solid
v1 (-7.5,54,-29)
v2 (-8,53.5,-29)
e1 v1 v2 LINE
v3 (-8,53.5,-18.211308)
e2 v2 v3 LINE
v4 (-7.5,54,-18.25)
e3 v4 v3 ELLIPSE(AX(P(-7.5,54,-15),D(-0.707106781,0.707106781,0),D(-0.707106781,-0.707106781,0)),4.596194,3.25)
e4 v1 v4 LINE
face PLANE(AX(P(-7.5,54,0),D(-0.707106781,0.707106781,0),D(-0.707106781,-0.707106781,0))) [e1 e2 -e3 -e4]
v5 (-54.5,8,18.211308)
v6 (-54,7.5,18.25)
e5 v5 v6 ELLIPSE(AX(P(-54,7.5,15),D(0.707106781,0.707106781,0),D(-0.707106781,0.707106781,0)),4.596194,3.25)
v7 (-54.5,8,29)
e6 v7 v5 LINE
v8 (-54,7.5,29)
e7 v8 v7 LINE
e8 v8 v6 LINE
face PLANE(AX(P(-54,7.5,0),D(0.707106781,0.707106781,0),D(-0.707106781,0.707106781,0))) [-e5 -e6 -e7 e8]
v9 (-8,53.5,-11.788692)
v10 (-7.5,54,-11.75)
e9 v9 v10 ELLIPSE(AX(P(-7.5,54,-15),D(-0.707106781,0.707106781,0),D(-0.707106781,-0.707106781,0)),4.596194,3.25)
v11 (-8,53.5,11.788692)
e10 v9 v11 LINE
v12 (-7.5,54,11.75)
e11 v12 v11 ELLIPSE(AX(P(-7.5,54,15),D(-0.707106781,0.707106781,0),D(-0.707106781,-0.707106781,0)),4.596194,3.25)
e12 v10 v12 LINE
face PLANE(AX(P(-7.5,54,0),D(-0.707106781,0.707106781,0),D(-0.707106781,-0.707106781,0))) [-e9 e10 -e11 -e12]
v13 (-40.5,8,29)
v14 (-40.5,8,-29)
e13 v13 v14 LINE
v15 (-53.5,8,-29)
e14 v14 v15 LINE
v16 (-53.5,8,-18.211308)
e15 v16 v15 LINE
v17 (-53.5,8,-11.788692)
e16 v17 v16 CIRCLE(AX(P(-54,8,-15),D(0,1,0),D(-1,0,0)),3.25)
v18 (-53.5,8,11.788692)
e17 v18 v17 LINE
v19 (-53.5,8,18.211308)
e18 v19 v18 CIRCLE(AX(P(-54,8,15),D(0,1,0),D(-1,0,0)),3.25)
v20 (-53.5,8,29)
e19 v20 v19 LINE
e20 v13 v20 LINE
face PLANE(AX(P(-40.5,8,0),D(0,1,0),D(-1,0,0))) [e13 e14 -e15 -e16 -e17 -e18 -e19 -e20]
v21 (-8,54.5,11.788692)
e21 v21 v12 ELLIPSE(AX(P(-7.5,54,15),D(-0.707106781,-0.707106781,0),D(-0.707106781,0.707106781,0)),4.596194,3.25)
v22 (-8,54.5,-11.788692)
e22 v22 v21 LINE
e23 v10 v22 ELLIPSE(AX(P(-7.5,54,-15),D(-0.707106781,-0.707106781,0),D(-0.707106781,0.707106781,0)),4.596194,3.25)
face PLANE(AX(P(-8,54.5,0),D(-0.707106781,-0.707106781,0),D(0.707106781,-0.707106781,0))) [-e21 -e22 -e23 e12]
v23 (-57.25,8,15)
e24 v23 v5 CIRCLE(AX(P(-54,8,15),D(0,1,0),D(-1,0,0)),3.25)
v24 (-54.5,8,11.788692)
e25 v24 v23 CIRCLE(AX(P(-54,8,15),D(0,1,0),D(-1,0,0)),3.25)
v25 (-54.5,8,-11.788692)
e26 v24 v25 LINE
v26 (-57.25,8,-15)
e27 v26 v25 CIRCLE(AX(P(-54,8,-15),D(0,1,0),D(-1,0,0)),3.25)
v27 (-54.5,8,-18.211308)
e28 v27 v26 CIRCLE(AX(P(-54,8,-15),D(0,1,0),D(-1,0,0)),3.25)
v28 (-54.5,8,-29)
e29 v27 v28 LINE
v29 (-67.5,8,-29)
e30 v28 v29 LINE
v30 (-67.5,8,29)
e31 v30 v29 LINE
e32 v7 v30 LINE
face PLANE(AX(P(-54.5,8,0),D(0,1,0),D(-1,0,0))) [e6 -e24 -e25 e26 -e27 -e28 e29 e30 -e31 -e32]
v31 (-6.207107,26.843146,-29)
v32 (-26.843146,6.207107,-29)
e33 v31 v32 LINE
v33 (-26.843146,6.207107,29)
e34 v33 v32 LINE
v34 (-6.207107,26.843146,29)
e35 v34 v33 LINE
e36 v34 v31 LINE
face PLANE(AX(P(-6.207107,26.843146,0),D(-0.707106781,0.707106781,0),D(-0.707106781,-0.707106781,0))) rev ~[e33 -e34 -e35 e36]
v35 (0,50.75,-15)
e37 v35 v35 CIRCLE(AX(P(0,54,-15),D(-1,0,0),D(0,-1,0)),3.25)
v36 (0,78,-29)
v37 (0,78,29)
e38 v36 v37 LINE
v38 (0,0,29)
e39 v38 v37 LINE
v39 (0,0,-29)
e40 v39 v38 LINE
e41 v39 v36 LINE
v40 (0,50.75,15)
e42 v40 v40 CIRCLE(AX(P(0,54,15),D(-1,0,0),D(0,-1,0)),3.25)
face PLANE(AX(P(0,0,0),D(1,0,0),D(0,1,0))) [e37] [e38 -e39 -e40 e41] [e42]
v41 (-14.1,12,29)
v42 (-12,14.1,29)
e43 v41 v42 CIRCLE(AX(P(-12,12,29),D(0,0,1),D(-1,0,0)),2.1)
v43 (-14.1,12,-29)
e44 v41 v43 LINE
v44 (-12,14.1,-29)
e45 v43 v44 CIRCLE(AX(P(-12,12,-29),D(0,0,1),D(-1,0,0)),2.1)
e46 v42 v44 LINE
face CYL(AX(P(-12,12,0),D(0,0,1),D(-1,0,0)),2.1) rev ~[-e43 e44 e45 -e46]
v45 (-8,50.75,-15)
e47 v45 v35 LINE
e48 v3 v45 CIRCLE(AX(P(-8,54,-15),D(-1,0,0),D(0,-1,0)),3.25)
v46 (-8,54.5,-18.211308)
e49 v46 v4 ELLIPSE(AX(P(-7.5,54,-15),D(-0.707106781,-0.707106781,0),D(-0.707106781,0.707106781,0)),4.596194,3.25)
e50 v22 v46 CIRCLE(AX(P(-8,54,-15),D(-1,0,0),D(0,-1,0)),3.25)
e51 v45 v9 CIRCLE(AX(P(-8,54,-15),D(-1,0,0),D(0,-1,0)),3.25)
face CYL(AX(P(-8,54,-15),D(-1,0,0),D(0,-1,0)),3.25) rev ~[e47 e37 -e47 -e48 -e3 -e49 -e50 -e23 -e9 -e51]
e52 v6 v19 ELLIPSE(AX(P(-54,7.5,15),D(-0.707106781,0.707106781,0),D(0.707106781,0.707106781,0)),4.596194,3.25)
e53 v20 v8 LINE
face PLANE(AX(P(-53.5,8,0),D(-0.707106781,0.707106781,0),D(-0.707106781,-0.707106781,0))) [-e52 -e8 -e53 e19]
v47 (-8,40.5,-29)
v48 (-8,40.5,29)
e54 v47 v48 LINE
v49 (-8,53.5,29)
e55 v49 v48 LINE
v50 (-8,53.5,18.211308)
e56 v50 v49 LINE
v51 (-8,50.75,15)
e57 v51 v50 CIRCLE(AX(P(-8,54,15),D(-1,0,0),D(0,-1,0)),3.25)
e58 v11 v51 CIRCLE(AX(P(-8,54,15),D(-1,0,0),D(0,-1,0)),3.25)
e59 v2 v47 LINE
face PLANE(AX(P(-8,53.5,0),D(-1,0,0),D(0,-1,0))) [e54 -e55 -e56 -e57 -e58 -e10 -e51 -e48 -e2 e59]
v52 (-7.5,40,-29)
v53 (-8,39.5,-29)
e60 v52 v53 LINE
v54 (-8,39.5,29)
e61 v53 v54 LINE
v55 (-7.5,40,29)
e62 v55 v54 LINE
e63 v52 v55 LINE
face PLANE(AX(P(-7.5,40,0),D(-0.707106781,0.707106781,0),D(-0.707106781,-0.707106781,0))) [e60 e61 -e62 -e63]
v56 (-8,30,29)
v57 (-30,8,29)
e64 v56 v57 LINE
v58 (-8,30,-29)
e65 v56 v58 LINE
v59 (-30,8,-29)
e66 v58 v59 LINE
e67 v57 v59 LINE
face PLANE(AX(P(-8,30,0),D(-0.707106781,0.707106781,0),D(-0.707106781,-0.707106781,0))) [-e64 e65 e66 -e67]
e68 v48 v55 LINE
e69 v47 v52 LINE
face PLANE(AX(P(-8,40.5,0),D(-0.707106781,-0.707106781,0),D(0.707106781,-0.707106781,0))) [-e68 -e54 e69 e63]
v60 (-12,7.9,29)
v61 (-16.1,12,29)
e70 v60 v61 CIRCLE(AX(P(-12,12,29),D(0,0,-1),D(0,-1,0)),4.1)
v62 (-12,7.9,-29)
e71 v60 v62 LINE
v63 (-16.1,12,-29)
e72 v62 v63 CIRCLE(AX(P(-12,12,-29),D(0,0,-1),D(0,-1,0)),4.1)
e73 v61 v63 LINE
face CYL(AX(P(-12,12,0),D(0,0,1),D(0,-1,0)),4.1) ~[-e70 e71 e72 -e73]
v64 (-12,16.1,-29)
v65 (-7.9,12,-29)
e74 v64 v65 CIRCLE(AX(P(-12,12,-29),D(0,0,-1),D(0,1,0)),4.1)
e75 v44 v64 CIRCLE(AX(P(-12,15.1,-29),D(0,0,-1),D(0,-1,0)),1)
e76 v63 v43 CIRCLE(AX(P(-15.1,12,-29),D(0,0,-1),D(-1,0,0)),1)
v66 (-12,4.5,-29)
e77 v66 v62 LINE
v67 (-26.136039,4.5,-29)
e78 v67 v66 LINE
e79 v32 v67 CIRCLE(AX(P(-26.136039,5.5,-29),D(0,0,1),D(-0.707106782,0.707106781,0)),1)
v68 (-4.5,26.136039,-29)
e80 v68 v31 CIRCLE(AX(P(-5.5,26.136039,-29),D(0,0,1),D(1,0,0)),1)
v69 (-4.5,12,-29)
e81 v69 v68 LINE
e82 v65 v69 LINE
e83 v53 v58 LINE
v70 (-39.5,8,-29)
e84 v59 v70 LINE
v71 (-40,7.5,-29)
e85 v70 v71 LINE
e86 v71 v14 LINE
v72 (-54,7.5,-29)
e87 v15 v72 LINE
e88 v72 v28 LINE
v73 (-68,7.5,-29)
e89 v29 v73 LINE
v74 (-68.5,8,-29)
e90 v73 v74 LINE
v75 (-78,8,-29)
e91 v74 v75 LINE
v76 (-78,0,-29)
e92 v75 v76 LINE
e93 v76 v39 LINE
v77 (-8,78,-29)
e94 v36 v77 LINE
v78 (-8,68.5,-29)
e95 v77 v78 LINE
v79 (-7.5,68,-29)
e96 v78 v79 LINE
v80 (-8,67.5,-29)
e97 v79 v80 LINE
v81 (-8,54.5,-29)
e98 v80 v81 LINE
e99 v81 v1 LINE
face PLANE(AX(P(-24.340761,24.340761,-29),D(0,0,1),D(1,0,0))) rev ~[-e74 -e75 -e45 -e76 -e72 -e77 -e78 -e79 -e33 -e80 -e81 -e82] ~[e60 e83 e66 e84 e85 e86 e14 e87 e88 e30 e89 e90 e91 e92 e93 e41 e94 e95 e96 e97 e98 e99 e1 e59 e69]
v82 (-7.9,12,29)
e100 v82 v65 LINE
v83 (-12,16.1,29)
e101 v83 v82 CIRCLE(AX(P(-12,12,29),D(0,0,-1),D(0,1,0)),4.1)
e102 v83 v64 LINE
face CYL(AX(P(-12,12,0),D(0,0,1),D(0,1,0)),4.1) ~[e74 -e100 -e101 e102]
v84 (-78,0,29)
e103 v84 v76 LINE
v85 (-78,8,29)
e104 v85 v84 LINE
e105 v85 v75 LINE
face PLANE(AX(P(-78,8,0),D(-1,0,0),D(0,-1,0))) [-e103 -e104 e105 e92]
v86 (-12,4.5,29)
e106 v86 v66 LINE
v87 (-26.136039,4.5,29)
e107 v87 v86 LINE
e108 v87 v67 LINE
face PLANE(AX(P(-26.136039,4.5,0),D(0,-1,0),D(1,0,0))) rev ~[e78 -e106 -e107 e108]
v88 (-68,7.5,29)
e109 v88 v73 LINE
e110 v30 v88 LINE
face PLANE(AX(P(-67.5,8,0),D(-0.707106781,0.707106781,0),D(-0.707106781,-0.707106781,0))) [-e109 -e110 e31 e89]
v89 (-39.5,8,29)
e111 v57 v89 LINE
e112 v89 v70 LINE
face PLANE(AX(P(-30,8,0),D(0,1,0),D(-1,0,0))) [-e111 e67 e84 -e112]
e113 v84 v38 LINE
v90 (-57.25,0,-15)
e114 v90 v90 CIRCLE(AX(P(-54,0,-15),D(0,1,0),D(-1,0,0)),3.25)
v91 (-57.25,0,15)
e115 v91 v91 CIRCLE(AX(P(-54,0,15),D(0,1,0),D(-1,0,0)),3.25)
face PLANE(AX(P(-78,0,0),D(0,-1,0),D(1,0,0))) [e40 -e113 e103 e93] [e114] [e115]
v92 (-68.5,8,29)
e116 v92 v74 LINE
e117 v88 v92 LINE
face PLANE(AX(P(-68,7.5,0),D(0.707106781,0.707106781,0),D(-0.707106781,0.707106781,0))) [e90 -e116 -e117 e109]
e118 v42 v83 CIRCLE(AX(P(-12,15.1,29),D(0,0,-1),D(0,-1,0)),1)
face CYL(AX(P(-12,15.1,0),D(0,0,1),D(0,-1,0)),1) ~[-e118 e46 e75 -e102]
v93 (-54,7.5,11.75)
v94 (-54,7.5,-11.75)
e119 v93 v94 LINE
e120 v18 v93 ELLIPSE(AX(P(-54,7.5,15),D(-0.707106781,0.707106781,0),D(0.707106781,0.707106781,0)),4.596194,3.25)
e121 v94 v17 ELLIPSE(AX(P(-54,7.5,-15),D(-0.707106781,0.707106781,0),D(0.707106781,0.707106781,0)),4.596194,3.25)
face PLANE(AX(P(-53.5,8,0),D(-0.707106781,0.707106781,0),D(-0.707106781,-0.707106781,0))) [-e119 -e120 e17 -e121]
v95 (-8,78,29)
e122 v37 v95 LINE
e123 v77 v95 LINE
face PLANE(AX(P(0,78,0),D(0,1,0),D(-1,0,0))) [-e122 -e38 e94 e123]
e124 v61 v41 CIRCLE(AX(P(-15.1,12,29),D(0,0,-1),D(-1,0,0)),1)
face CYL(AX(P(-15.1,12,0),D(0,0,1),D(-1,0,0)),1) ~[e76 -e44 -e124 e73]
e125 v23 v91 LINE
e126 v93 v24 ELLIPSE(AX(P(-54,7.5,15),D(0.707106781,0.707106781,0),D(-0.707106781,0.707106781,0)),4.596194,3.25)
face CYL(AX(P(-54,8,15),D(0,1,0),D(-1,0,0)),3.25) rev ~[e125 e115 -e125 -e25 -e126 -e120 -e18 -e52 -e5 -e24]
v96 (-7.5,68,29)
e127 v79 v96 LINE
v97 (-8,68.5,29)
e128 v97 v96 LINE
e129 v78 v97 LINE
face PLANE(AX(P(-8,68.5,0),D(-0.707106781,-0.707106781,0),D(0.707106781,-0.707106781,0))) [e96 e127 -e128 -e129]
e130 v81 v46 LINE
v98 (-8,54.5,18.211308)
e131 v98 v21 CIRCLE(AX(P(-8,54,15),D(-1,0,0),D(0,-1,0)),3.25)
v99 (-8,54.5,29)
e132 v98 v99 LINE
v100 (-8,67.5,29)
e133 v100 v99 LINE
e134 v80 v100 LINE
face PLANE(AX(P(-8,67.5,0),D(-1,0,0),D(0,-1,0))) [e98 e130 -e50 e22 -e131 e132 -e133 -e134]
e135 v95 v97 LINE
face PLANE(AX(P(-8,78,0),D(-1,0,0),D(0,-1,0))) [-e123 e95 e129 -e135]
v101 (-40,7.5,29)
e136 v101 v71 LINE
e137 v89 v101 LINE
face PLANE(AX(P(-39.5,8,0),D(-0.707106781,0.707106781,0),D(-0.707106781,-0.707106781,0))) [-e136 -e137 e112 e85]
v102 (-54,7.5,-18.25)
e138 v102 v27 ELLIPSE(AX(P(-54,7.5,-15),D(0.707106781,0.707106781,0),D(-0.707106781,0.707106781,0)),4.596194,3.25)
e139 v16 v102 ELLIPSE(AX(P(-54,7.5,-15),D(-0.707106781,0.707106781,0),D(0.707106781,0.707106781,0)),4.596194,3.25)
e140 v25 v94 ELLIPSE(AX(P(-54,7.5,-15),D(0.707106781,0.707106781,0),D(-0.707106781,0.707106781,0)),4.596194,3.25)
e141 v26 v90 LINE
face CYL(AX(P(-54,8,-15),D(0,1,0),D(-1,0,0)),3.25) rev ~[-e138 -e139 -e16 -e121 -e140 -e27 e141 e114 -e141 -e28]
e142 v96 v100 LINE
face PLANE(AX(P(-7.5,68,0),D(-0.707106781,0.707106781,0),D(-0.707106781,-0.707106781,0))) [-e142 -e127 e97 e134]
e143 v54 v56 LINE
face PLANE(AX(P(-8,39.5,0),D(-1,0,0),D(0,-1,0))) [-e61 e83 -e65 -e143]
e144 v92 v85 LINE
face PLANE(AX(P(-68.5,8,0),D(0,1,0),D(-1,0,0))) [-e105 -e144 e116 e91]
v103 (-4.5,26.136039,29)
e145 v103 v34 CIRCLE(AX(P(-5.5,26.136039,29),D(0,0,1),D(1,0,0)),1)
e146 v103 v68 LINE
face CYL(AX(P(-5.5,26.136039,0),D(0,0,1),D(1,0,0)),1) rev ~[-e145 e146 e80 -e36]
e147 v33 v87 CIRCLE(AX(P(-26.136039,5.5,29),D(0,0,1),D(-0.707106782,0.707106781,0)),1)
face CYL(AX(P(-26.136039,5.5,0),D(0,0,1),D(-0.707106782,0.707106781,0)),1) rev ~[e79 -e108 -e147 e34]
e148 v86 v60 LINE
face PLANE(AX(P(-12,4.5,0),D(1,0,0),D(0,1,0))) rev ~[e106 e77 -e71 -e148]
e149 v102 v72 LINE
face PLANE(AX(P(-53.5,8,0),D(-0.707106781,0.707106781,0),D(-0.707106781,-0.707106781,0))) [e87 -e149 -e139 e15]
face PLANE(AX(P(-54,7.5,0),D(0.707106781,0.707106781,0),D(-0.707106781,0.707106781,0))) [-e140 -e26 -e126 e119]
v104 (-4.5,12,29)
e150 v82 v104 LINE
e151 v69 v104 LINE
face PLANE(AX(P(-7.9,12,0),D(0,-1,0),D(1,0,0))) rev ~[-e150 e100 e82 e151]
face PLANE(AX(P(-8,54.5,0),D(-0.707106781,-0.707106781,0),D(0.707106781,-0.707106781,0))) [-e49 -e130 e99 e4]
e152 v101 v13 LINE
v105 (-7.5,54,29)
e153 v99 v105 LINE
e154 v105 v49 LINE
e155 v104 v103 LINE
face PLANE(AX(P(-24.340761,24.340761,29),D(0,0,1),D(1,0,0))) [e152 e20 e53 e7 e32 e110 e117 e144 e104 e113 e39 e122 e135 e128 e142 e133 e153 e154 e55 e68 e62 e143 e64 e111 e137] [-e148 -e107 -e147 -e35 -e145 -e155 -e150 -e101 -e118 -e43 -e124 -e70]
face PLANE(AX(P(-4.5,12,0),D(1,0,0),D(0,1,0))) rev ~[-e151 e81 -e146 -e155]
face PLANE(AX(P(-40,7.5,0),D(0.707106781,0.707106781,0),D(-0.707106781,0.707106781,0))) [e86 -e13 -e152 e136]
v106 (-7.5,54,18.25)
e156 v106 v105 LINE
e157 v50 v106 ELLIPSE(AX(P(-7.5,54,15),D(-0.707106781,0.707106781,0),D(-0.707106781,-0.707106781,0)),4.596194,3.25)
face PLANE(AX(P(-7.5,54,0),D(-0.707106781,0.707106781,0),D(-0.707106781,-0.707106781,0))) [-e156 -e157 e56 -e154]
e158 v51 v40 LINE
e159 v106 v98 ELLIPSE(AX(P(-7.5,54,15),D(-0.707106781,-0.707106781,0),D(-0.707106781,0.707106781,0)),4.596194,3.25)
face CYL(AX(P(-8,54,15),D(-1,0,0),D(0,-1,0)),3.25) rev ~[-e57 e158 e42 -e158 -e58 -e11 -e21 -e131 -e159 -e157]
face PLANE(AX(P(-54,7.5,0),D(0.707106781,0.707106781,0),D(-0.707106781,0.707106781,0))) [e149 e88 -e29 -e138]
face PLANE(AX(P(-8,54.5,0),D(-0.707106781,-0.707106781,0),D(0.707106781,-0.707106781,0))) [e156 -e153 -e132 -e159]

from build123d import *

# Parameters (mm, degrees)
EXTRUDE_1_DEPTH     = 29
SKETCH_2_R          = 3.25
CUT_EXTRUDE_1_DEPTH = 9
SKETCH_3_R          = 3.25
CUT_EXTRUDE_2_DEPTH = 9


with BuildPart() as part:
    # Эскиз1 → Бобышка-Вытянуть1 (new body, symmetric)
    with BuildSketch(Plane.XY):
        Polygon((-78, 0), (0, 0), (0, 78), (-8, 78), (-8, 68.5), (-7.5, 68), (-8, 67.5), (-8, 54.5), (-7.5, 54), (-8, 53.5), (-8, 40.5), (-7.5, 40), (-8, 39.5), (-8, 30), (-30, 8), (-39.5, 8), (-40, 7.5), (-40.5, 8), (-53.5, 8), (-54, 7.5), (-54.5, 8), (-67.5, 8), (-68, 7.5), (-68.5, 8), (-78, 8), align=None)
        with BuildLine():
            Line((-4.5, 12), (-4.5, 26.136038969))
            ThreePointArc((-4.5, 26.136038969), (-5.117316568, 27.059918502), (-6.207106781, 26.843145751))
            Line((-6.207106781, 26.843145751), (-26.843145751, 6.207106781))
            ThreePointArc((-26.843145751, 6.207106781), (-27.059918502, 5.117316568), (-26.136038969, 4.5))
            Line((-26.136038969, 4.5), (-12, 4.5))
            Line((-12, 4.5), (-12, 7.9))
            ThreePointArc((-12, 7.9), (-14.899137803, 9.100862197), (-16.1, 12))
            ThreePointArc((-16.1, 12), (-15.1, 13), (-14.1, 12))
            ThreePointArc((-14.1, 12), (-10.51507576, 10.51507576), (-12, 14.1))
            ThreePointArc((-12, 14.1), (-13, 15.1), (-12, 16.1))
            ThreePointArc((-12, 16.1), (-9.100862197, 14.899137803), (-7.9, 12))
            Line((-7.9, 12), (-4.5, 12))
        make_face(mode=Mode.SUBTRACT)
    extrude(amount=EXTRUDE_1_DEPTH, both=True)

    # Эскиз2 → Вырез-Вытянуть1 (cut, through all)
    with BuildSketch(Plane.ZY.offset(8)):
        with Locations(Location((-15, 54, 0), (0, 0, 270))):  # turned: the seam where the file's is
            Circle(SKETCH_2_R)
        with Locations(Location((15, 54, 0), (0, 0, 270))):  # turned: the seam where the file's is
            Circle(SKETCH_2_R)
    extrude(amount=-CUT_EXTRUDE_1_DEPTH, mode=Mode.SUBTRACT)

    # Эскиз3 → Вырез-Вытянуть2 (cut, through all)
    with BuildSketch(Plane(origin=(0, 8, 0), x_dir=(1, 0, 0), z_dir=(0, 1, 0))):
        with Locations(Location((-54, -15, 0), (0, 0, 180))):  # turned: the seam where the file's is
            Circle(SKETCH_3_R)
        with Locations(Location((-54, 15, 0), (0, 0, 180))):  # turned: the seam where the file's is
            Circle(SKETCH_3_R)
    extrude(amount=-CUT_EXTRUDE_2_DEPTH, mode=Mode.SUBTRACT)


solid = part.part
